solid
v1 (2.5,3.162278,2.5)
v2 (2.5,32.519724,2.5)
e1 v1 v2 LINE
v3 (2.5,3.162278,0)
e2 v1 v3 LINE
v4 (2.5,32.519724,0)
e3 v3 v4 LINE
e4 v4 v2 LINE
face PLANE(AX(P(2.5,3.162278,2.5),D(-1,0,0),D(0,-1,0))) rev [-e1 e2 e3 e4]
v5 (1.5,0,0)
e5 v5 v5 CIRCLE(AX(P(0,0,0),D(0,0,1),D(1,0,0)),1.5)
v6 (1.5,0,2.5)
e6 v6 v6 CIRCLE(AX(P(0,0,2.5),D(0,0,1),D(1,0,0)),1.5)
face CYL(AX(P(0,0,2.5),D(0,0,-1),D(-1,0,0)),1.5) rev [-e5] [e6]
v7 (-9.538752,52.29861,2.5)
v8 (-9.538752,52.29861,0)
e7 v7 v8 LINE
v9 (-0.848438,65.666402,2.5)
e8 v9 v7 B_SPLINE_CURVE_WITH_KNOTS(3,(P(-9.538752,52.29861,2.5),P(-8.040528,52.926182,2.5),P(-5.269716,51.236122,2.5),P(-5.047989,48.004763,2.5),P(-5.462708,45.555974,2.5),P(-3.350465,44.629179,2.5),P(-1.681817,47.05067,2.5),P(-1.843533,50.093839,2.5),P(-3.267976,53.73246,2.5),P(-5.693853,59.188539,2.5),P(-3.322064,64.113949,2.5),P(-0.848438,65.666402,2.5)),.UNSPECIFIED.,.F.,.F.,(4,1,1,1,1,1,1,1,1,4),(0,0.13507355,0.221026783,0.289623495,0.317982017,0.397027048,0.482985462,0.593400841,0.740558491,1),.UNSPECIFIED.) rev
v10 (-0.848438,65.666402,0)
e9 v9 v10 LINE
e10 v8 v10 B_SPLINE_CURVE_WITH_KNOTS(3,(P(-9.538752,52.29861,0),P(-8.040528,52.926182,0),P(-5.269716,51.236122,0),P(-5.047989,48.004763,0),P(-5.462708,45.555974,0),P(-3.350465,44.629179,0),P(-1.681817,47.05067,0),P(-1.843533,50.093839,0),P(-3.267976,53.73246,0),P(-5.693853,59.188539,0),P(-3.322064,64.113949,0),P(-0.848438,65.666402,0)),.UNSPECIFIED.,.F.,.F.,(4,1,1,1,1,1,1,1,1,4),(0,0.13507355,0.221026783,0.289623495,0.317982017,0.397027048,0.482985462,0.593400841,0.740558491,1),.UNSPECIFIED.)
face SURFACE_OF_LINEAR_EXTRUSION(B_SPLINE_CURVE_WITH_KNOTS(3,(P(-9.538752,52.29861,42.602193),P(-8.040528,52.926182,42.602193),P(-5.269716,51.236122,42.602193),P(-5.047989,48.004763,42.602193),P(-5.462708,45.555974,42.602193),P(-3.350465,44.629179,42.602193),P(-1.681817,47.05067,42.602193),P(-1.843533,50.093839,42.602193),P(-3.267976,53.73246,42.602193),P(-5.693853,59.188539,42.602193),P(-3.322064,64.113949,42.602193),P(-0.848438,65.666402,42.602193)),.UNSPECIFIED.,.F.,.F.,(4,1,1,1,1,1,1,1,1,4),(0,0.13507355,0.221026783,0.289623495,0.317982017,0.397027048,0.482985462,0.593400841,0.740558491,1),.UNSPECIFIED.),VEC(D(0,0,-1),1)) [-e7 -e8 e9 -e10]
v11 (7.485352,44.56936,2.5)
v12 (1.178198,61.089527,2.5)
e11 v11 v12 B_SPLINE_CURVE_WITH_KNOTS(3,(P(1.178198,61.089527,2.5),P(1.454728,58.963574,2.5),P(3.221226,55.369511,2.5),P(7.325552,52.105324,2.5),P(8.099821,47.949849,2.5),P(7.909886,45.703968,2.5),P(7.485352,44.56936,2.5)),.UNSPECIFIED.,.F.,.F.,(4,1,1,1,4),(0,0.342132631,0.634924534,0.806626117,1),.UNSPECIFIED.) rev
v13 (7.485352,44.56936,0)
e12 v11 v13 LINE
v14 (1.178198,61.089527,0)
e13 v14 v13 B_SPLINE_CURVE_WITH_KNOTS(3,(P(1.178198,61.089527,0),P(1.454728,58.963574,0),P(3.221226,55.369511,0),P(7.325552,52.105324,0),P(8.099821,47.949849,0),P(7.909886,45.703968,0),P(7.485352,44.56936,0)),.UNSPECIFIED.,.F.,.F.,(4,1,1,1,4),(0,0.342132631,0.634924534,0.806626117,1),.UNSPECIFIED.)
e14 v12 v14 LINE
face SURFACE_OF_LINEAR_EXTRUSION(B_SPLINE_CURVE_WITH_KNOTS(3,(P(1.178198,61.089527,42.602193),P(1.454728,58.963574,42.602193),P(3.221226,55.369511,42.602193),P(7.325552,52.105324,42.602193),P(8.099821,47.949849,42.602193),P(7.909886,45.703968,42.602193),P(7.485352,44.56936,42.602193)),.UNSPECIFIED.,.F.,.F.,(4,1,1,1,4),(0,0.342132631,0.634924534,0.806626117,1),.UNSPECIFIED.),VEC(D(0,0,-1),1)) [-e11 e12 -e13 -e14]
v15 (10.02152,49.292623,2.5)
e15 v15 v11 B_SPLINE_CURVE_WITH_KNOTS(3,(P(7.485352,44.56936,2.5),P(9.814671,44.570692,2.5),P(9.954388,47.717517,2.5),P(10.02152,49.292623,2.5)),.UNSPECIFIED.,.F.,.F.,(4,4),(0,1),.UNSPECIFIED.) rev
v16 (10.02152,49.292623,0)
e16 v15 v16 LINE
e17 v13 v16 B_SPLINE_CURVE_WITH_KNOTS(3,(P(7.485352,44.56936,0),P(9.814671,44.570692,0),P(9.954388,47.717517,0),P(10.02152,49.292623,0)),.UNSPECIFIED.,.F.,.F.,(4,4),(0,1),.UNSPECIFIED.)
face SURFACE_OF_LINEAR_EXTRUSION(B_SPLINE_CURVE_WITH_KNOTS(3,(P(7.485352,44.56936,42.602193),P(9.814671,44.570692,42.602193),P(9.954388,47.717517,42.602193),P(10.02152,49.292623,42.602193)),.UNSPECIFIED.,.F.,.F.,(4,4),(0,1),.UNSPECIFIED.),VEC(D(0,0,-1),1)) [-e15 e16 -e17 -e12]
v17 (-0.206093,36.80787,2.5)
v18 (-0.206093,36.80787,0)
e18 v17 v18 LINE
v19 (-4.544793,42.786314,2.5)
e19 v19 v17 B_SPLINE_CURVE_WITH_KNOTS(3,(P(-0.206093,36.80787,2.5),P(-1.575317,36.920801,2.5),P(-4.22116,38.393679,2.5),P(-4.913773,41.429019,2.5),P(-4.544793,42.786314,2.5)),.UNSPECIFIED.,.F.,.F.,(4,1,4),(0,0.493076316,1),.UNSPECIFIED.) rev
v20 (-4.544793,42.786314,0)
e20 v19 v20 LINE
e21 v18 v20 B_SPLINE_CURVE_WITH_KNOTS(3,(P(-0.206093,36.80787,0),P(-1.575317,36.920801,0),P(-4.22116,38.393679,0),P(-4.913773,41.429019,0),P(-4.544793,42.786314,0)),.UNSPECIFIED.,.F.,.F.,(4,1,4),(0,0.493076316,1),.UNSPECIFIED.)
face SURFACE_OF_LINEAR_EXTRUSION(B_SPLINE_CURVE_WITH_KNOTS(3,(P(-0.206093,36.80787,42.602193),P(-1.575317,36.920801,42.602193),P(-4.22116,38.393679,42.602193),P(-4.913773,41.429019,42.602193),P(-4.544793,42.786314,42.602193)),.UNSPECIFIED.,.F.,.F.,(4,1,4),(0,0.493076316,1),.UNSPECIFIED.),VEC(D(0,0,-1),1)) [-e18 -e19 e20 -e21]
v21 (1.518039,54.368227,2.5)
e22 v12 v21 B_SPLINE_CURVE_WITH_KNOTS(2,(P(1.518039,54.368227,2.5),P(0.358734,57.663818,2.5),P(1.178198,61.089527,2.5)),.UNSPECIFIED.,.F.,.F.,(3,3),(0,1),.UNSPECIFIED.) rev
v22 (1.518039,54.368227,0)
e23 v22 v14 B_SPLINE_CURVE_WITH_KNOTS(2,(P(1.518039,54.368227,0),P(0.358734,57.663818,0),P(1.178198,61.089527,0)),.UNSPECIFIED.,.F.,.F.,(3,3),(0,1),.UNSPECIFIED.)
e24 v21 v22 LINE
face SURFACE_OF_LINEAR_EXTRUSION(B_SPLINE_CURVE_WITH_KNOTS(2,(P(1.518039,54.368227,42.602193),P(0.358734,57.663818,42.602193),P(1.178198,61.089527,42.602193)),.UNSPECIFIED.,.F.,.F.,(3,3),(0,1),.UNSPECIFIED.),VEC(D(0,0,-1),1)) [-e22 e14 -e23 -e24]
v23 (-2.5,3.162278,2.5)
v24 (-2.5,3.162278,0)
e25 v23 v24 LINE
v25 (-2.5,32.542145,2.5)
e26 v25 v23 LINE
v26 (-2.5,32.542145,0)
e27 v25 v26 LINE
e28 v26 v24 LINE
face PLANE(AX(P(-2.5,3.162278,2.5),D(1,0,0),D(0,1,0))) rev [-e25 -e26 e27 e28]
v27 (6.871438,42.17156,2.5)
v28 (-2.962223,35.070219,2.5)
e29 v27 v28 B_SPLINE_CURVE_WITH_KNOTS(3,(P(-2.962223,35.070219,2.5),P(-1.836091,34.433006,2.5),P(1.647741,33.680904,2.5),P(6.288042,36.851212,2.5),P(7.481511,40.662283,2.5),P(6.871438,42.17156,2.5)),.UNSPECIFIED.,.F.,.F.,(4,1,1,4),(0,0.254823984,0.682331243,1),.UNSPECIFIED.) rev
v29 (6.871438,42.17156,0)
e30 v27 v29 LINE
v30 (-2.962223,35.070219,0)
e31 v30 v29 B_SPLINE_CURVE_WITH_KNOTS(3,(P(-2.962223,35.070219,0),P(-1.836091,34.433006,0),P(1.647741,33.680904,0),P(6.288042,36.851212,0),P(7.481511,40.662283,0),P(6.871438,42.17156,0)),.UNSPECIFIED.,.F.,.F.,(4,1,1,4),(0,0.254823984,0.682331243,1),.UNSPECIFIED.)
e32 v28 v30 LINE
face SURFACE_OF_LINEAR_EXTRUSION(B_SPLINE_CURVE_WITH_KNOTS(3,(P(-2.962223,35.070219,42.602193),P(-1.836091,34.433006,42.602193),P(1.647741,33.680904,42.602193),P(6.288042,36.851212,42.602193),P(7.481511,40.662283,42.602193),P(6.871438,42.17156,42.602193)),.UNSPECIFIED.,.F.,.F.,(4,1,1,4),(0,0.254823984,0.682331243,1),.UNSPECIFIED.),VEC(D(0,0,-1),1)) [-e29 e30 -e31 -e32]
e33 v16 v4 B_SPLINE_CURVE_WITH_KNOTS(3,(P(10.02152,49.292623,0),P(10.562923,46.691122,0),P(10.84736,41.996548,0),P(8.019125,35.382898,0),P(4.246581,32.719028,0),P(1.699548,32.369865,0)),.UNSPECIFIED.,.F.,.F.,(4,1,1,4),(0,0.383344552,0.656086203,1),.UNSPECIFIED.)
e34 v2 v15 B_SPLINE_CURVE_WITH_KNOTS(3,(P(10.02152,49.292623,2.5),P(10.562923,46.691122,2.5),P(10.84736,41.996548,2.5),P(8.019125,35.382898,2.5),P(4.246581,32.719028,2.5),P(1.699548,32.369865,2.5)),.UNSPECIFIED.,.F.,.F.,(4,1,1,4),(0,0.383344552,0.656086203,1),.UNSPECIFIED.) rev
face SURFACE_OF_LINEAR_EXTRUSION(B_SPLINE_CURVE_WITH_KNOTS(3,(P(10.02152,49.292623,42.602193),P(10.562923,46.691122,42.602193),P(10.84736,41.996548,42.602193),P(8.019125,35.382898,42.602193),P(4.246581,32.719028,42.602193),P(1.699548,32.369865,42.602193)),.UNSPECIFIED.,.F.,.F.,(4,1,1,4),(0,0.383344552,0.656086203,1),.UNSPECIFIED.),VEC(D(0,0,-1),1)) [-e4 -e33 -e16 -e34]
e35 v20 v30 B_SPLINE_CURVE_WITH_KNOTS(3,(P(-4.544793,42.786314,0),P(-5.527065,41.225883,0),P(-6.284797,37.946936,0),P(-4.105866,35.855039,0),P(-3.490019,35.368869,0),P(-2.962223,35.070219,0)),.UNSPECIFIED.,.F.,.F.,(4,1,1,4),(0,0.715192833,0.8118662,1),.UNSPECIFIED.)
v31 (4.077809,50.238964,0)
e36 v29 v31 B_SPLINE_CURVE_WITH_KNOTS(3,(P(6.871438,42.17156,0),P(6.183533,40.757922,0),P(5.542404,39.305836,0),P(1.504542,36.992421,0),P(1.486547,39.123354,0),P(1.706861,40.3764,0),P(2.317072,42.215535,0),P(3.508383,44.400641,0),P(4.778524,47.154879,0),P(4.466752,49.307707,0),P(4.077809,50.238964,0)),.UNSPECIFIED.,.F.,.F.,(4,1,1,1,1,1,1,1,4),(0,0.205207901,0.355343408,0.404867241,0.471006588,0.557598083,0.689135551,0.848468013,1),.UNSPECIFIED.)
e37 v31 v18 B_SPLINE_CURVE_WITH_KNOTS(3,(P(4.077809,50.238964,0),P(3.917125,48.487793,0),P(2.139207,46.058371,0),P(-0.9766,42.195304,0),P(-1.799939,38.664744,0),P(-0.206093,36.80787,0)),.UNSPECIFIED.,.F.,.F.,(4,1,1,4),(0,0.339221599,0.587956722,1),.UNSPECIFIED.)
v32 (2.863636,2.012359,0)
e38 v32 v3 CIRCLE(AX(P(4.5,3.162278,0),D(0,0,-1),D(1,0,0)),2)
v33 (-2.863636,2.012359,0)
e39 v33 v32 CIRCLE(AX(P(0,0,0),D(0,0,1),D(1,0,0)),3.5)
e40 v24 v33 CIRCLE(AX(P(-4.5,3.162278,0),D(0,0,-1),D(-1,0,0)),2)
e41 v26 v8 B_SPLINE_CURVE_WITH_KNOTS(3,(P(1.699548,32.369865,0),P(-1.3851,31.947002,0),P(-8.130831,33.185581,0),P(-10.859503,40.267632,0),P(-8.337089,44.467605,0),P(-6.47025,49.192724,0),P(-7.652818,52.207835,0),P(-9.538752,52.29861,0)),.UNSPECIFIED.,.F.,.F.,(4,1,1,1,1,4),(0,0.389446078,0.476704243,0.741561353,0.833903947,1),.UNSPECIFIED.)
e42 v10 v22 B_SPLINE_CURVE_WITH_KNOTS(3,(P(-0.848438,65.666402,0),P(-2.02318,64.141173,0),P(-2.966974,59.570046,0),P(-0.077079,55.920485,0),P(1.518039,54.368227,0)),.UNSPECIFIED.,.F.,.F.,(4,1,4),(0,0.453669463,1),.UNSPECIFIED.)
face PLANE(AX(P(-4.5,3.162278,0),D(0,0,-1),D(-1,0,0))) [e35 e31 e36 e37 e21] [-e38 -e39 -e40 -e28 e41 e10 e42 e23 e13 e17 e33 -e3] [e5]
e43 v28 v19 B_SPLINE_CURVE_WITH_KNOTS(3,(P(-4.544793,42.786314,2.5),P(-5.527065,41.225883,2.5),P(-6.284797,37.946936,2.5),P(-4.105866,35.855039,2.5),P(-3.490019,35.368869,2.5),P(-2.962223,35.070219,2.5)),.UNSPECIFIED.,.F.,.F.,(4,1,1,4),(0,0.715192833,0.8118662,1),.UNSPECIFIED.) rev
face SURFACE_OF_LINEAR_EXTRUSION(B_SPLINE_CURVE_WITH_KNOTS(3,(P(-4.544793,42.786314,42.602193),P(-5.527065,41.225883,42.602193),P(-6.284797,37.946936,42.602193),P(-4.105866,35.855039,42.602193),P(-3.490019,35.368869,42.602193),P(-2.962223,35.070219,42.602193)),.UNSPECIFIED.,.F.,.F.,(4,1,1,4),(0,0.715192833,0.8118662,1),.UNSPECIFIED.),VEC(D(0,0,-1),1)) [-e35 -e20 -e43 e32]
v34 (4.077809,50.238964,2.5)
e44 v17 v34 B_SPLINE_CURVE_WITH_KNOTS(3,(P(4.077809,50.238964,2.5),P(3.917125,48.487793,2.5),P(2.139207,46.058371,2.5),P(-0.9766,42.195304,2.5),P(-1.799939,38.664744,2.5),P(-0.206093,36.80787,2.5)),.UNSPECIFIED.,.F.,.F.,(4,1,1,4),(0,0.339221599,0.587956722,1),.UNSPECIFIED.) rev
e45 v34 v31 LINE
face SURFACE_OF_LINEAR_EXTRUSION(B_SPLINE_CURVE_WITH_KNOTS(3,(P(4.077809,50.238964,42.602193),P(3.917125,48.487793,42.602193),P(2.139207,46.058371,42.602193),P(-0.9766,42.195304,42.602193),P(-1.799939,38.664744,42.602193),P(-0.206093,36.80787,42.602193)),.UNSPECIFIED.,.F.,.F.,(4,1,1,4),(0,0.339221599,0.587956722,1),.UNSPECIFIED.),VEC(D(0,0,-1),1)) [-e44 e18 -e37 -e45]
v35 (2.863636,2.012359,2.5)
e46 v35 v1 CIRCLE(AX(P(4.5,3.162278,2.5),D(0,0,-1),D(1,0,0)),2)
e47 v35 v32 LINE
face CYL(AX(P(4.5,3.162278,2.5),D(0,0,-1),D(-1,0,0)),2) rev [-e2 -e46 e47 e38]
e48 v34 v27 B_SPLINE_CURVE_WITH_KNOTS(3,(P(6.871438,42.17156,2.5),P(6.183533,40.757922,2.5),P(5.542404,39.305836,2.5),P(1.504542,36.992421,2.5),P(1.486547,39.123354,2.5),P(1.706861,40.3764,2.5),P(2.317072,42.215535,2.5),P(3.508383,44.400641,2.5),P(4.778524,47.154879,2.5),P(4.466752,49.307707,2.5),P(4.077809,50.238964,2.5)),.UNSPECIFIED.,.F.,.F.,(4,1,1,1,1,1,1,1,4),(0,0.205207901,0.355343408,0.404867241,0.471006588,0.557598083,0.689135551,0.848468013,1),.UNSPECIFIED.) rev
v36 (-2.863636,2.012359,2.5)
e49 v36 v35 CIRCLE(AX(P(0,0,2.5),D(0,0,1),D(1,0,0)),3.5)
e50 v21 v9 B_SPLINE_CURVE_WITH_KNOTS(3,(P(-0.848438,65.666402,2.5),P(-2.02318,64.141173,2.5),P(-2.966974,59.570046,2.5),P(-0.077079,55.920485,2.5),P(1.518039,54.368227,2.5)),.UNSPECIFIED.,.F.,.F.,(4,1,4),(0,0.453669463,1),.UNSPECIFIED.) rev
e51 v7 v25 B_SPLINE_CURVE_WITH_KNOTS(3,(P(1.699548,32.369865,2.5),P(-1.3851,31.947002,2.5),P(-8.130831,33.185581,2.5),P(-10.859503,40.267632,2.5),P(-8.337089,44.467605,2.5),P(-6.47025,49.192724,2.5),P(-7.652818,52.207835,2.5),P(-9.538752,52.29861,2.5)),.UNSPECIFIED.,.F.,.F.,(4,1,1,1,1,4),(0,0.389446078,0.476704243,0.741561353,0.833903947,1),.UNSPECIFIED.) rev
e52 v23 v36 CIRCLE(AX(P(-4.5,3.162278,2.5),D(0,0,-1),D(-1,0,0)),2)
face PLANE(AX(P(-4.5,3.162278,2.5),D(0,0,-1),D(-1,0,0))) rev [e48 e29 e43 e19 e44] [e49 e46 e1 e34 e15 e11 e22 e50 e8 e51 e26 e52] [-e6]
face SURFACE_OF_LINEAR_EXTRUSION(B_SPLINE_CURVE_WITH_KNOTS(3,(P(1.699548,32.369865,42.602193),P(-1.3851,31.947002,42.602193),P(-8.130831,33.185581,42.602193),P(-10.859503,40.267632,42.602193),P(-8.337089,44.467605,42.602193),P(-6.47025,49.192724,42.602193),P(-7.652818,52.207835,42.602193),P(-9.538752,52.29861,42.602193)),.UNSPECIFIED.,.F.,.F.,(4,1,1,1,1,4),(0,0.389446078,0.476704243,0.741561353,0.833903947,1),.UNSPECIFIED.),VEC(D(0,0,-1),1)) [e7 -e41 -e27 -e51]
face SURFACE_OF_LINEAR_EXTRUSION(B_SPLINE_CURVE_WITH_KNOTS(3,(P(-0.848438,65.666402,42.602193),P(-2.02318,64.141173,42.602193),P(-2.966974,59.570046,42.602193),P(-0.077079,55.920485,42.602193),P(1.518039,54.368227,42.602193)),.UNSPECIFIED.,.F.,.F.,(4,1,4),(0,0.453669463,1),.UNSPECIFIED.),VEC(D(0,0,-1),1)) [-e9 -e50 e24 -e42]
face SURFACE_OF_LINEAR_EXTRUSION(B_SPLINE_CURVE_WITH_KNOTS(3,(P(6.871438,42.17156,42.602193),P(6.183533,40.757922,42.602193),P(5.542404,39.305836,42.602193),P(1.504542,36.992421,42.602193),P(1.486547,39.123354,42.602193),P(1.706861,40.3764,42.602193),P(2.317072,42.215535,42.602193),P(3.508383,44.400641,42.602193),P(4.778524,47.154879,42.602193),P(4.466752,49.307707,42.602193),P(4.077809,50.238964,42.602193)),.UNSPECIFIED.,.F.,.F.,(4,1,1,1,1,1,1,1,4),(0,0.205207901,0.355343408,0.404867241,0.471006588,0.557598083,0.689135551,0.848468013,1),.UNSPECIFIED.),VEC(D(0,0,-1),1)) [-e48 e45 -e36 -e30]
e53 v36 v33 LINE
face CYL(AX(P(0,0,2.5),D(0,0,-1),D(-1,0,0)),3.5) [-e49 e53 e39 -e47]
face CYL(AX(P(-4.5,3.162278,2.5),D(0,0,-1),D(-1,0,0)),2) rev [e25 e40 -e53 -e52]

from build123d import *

# Parameters (mm, degrees)
SKETCH_1_R      = 1.5
EXTRUDE_1_DEPTH = 2.5
EXTRUDE_2_DEPTH = 2.5


with BuildPart() as part:
    # 草图1 → 凸台-拉伸1 (new body)
    with BuildSketch(Plane.XY):
        with BuildLine():
            Line((-2.5, 3.16227766), (-2.5, 33.16227766))
            Line((-2.5, 33.16227766), (2.5, 33.16227766))
            Line((2.5, 33.16227766), (2.5, 3.16227766))
            ThreePointArc((2.5, 3.16227766), (2.593074822, 2.559254971), (2.863636364, 2.012358511))
            ThreePointArc((2.863636364, 2.012358511), (0, -3.5), (-2.863636364, 2.012358511))
            ThreePointArc((-2.863636364, 2.012358511), (-2.593074822, 2.559254971), (-2.5, 3.16227766))
        make_face()
        Circle(SKETCH_1_R, mode=Mode.SUBTRACT)
    extrude(amount=EXTRUDE_1_DEPTH)

    # 草图3 → 凸台-拉伸2 (add)
    with BuildSketch(Plane.XY):
        with BuildLine():
            add(Edge.make_bspline(
                [(1.69954817, 32.369864996), (-1.385100221, 31.947001873), (-8.130831258, 33.185581337), (-10.859502881, 40.267632339), (-8.337089088, 44.467605106), (-6.470249986, 49.192724162), (-7.652817965, 52.207834836), (-9.53875205, 52.298610494)],
                knots=[0, 0, 0, 0, 0.389446078, 0.476704243, 0.741561353, 0.833903947, 1, 1, 1, 1], degree=3))
            add(Edge.make_bspline(
                [(-9.53875205, 52.298610494), (-8.040527703, 52.926182403), (-5.269716306, 51.236121551), (-5.04798894, 48.004762941), (-5.462707765, 45.555973743), (-3.35046463, 44.629179102), (-1.681816702, 47.050669753), (-1.843533217, 50.093838619), (-3.26797623, 53.732460439), (-5.693852916, 59.188539055), (-3.322064151, 64.113948902), (-0.848437868, 65.666402499)],
                knots=[0, 0, 0, 0, 0.13507355, 0.221026783, 0.289623495, 0.317982017, 0.397027048, 0.482985462, 0.593400841, 0.740558491, 1, 1, 1, 1], degree=3))
            add(Edge.make_bspline(
                [(-0.848437868, 65.666402499), (-2.023179677, 64.141172848), (-2.966973993, 59.570046349), (-0.077079319, 55.920484579), (1.518038951, 54.368227425)],
                knots=[0, 0, 0, 0, 0.453669463, 1, 1, 1, 1], degree=3))
            add(Edge.make_bspline(
                [(1.518038951, 54.368227425), (0.358733968, 57.663818474), (1.178197949, 61.089527261)],
                knots=[0, 0, 0, 1, 1, 1], degree=2))
            add(Edge.make_bspline(
                [(1.178197949, 61.089527261), (1.4547281, 58.963573565), (3.221226307, 55.369510946), (7.325552017, 52.105323964), (8.09982119, 47.949849275), (7.909886115, 45.703967583), (7.48535231, 44.569359802)],
                knots=[0, 0, 0, 0, 0.342132631, 0.634924534, 0.806626117, 1, 1, 1, 1], degree=3))
            add(Edge.make_bspline(
                [(7.48535231, 44.569359802), (9.814670975, 44.570692492), (9.954388393, 47.717517246), (10.021519576, 49.29262338)],
                knots=[0, 0, 0, 0, 1, 1, 1, 1], degree=3))
            add(Edge.make_bspline(
                [(10.021519576, 49.29262338), (10.562922915, 46.691122044), (10.847359943, 41.996548165), (8.019125109, 35.382898269), (4.246580661, 32.719028329), (1.69954817, 32.369864996)],
                knots=[0, 0, 0, 0, 0.383344552, 0.656086203, 1, 1, 1, 1], degree=3))
        make_face()
        with BuildLine():
            add(Edge.make_bspline(
                [(-2.962222667, 35.070219426), (-1.836090695, 34.433005965), (1.647740936, 33.680903865), (6.288041871, 36.851211843), (7.481510922, 40.662283382), (6.871438175, 42.171559804)],
                knots=[0, 0, 0, 0, 0.254823984, 0.682331243, 1, 1, 1, 1], degree=3))
            add(Edge.make_bspline(
                [(6.871438175, 42.171559804), (6.183533455, 40.757922072), (5.542404301, 39.305836406), (1.504542336, 36.992420969), (1.486547043, 39.123353663), (1.706861403, 40.376400276), (2.317072264, 42.215534808), (3.50838251, 44.400641403), (4.778523529, 47.154878789), (4.46675167, 49.307706612), (4.077808767, 50.238963584)],
                knots=[0, 0, 0, 0, 0.205207901, 0.355343408, 0.404867241, 0.471006588, 0.557598083, 0.689135551, 0.848468013, 1, 1, 1, 1], degree=3))
            add(Edge.make_bspline(
                [(4.077808767, 50.238963584), (3.917125099, 48.487792695), (2.139207405, 46.058370573), (-0.976600455, 42.195303759), (-1.799939404, 38.664744027), (-0.206092881, 36.807870035)],
                knots=[0, 0, 0, 0, 0.339221599, 0.587956722, 1, 1, 1, 1], degree=3))
            add(Edge.make_bspline(
                [(-0.206092881, 36.807870035), (-1.575317235, 36.920801398), (-4.221159951, 38.39367897), (-4.913772652, 41.429018589), (-4.544793312, 42.786314057)],
                knots=[0, 0, 0, 0, 0.493076316, 1, 1, 1, 1], degree=3))
            add(Edge.make_bspline(
                [(-4.544793312, 42.786314057), (-5.52706483, 41.225882807), (-6.284796896, 37.946935821), (-4.105866091, 35.85503913), (-3.490018592, 35.368868854), (-2.962222667, 35.070219426)],
                knots=[0, 0, 0, 0, 0.715192833, 0.8118662, 1, 1, 1, 1], degree=3))
        make_face(mode=Mode.SUBTRACT)
    extrude(amount=EXTRUDE_2_DEPTH)


solid = part.part
